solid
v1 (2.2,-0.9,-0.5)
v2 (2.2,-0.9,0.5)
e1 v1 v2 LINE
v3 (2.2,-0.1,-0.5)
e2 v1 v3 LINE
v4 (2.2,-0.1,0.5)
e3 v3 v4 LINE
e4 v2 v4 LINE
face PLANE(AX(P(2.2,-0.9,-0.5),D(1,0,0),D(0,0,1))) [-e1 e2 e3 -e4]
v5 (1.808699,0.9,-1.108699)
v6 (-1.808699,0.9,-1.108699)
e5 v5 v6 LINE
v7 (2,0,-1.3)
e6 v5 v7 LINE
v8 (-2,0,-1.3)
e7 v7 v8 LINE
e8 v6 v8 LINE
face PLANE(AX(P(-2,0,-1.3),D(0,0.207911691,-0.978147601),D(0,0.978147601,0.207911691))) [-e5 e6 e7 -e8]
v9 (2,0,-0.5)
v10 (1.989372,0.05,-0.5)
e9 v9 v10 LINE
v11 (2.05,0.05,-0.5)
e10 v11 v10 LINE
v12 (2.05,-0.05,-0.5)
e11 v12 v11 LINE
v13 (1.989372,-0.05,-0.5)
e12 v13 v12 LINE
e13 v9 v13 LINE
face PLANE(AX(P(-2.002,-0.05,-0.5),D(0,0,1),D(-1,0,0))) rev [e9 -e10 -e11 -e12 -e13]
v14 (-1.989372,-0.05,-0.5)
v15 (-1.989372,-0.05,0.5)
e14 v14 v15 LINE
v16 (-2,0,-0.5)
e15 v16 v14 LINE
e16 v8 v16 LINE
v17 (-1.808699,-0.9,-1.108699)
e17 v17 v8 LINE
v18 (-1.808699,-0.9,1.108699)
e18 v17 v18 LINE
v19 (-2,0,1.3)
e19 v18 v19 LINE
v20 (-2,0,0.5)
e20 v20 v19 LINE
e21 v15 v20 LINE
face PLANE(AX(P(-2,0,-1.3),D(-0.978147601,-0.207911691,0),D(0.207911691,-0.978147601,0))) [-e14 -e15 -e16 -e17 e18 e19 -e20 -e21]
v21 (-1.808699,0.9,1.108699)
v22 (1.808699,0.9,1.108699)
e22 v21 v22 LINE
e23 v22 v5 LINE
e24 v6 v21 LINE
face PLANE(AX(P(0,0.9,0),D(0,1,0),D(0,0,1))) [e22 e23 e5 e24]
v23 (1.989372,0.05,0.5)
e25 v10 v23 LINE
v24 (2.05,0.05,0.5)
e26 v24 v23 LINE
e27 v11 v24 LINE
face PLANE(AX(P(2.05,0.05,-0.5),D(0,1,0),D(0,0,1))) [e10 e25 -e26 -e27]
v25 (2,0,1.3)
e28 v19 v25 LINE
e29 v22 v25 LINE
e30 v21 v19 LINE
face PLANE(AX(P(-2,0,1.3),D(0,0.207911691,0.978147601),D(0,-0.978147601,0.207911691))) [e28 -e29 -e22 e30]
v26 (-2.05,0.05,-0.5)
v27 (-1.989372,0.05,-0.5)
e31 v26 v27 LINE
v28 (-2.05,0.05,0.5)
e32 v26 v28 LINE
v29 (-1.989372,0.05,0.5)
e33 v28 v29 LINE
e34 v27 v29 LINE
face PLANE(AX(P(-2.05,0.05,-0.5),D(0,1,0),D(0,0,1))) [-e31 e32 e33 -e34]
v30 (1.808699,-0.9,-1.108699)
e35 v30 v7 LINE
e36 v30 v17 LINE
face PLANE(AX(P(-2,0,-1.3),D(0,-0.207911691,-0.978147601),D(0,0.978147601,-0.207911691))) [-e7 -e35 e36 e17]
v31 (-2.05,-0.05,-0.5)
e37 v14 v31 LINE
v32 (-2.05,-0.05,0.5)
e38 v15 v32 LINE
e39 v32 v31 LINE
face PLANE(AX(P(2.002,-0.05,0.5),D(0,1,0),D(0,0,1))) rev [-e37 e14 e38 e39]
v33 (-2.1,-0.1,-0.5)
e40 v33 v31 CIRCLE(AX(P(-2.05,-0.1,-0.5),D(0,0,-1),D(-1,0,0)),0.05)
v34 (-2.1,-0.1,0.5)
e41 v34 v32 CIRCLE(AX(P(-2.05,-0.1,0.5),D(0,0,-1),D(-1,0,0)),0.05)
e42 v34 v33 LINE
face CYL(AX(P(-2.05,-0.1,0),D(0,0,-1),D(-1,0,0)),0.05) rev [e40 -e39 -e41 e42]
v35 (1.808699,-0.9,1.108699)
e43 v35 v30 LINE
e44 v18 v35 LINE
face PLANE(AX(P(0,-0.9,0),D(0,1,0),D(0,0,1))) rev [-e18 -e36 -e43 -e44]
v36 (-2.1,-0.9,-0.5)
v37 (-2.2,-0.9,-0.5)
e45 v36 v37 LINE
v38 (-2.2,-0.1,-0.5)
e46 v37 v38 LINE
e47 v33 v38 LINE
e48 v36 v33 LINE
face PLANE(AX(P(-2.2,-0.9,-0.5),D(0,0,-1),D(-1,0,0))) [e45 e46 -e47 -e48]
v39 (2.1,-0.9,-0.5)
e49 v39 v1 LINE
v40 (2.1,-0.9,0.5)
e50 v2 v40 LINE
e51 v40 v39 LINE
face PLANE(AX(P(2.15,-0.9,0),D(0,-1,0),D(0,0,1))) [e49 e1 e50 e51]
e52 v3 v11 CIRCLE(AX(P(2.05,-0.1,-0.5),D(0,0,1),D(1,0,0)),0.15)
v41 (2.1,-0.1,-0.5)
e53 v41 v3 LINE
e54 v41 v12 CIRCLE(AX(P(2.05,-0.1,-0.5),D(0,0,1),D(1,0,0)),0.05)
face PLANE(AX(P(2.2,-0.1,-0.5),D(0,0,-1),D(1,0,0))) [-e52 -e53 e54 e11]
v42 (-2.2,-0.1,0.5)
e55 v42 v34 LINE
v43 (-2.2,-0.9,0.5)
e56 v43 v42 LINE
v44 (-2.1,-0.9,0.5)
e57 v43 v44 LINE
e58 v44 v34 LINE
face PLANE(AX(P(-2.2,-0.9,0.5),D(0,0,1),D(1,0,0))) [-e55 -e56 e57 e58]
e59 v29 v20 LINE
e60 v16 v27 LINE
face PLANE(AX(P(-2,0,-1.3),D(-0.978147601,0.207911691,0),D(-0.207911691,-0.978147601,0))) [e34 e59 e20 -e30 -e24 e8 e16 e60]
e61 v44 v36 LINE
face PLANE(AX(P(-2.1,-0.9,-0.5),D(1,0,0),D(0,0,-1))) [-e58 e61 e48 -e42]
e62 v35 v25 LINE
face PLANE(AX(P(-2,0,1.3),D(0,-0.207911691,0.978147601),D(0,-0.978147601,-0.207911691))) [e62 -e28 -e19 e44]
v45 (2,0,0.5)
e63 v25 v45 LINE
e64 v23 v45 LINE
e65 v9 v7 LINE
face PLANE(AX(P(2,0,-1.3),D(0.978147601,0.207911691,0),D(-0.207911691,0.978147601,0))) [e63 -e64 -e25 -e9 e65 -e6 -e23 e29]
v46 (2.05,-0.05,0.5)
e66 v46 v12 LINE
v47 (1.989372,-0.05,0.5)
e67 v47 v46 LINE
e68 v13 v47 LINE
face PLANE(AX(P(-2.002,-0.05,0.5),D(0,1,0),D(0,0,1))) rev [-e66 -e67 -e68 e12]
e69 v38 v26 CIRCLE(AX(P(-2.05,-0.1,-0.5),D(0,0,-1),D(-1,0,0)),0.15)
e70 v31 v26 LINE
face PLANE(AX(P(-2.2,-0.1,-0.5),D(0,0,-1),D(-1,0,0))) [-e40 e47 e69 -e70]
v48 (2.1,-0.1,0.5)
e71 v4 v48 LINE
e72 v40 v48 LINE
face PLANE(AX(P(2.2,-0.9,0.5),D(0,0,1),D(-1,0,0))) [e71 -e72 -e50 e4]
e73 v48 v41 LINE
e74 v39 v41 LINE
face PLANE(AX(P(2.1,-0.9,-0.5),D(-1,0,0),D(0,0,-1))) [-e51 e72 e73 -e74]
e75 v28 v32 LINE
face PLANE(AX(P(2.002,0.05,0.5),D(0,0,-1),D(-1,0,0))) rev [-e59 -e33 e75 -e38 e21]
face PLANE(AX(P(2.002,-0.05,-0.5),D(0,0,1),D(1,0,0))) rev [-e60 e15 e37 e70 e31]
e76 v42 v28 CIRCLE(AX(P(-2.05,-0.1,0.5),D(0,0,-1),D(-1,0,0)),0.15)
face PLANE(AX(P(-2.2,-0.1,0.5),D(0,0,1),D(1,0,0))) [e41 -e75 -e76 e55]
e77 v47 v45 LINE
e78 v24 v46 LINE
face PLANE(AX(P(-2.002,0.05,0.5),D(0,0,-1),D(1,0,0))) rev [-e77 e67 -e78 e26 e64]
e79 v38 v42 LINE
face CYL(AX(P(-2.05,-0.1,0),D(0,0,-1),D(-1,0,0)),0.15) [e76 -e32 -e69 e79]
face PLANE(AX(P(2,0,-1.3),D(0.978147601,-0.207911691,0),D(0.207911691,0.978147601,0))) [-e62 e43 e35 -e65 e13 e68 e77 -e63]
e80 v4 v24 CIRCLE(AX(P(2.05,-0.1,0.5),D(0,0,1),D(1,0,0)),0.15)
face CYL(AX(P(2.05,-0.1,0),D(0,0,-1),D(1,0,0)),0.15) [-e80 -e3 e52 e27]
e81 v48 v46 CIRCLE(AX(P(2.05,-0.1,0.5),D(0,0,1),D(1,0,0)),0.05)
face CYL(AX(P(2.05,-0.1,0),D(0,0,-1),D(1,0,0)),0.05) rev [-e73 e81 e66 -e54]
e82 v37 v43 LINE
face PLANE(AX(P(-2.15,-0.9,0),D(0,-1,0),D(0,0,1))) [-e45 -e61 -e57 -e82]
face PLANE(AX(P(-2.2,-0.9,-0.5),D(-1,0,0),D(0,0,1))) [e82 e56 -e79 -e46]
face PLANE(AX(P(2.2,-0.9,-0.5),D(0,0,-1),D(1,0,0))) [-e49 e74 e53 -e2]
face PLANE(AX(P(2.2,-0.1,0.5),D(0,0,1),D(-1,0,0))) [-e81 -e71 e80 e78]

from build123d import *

# Parameters (mm, degrees)
SKETCH1_W            = 4
SKETCH1_H            = 2.6
MB_DEPTH             = 0.9
MB_TAPER             = 12
MB_OTHER_WAY_DEPTH   = 0.9
MB_OTHER_WAY_TAPER   = 12
SKETCH3_W            = 1
SKETCH3_H            = 0.1
SKETCH4_W            = 1
SKETCH4_H            = 0.1
LEG_COMPLETION_DEPTH = 0.010628


with BuildPart() as part:
    # Sketch1 → MB (new body)
    with BuildSketch(Plane(origin=(0, 0, 0), x_dir=(1, 0, 0), z_dir=(0, 1, 0))):
        Rectangle(SKETCH1_W, SKETCH1_H)
    extrude(amount=MB_DEPTH, taper=MB_TAPER)

    # Sketch1 → MB other way (add)
    with BuildSketch(Plane(origin=(0, 0, 0), x_dir=(1, 0, 0), z_dir=(0, 1, 0))):
        Rectangle(SKETCH1_W, SKETCH1_H)
    extrude(amount=-MB_OTHER_WAY_DEPTH, taper=MB_OTHER_WAY_TAPER)



with BuildPart() as body_2:
    # LEG: sweep along a path in Sketch2
    with BuildLine(Plane.XY) as leg_path:
        Line((-2.15, -0.9), (-2.15, -0.1))
        ThreePointArc((-2.15, -0.1), (-2.120710678, -0.029289322), (-2.05, 0))
        Line((-2.05, 0), (-2, 0))
    # Sketch3 → LEG (sweep)
    with BuildSketch(Plane(origin=(-2, 0, 0), x_dir=(0, 0, -1), z_dir=(1, 0, 0))):
        Rectangle(SKETCH3_W, SKETCH3_H)
    leg = sweep(path=leg_path.line)


with BuildPart() as part_1:
    add(part.part)

    add(body_2.part)  # LEG COMPLETION merges body 2
    # Sketch4 → LEG COMPLETION (add)
    with BuildSketch(Plane(origin=(-2, 0, 0), x_dir=(0, 0, -1), z_dir=(1, 0, 0))):
        Rectangle(SKETCH4_W, SKETCH4_H)
    leg_completion = extrude(amount=LEG_COMPLETION_DEPTH)

    # Mirror2: LEG, LEG COMPLETION across plane
    add(leg.mirror(Plane(origin=(0, 0, 0), x_dir=(0, 0, 1), z_dir=(1, 0, 0))))
    add(leg_completion.mirror(Plane(origin=(0, 0, 0), x_dir=(0, 0, 1), z_dir=(1, 0, 0))))


solid = part_1.part
